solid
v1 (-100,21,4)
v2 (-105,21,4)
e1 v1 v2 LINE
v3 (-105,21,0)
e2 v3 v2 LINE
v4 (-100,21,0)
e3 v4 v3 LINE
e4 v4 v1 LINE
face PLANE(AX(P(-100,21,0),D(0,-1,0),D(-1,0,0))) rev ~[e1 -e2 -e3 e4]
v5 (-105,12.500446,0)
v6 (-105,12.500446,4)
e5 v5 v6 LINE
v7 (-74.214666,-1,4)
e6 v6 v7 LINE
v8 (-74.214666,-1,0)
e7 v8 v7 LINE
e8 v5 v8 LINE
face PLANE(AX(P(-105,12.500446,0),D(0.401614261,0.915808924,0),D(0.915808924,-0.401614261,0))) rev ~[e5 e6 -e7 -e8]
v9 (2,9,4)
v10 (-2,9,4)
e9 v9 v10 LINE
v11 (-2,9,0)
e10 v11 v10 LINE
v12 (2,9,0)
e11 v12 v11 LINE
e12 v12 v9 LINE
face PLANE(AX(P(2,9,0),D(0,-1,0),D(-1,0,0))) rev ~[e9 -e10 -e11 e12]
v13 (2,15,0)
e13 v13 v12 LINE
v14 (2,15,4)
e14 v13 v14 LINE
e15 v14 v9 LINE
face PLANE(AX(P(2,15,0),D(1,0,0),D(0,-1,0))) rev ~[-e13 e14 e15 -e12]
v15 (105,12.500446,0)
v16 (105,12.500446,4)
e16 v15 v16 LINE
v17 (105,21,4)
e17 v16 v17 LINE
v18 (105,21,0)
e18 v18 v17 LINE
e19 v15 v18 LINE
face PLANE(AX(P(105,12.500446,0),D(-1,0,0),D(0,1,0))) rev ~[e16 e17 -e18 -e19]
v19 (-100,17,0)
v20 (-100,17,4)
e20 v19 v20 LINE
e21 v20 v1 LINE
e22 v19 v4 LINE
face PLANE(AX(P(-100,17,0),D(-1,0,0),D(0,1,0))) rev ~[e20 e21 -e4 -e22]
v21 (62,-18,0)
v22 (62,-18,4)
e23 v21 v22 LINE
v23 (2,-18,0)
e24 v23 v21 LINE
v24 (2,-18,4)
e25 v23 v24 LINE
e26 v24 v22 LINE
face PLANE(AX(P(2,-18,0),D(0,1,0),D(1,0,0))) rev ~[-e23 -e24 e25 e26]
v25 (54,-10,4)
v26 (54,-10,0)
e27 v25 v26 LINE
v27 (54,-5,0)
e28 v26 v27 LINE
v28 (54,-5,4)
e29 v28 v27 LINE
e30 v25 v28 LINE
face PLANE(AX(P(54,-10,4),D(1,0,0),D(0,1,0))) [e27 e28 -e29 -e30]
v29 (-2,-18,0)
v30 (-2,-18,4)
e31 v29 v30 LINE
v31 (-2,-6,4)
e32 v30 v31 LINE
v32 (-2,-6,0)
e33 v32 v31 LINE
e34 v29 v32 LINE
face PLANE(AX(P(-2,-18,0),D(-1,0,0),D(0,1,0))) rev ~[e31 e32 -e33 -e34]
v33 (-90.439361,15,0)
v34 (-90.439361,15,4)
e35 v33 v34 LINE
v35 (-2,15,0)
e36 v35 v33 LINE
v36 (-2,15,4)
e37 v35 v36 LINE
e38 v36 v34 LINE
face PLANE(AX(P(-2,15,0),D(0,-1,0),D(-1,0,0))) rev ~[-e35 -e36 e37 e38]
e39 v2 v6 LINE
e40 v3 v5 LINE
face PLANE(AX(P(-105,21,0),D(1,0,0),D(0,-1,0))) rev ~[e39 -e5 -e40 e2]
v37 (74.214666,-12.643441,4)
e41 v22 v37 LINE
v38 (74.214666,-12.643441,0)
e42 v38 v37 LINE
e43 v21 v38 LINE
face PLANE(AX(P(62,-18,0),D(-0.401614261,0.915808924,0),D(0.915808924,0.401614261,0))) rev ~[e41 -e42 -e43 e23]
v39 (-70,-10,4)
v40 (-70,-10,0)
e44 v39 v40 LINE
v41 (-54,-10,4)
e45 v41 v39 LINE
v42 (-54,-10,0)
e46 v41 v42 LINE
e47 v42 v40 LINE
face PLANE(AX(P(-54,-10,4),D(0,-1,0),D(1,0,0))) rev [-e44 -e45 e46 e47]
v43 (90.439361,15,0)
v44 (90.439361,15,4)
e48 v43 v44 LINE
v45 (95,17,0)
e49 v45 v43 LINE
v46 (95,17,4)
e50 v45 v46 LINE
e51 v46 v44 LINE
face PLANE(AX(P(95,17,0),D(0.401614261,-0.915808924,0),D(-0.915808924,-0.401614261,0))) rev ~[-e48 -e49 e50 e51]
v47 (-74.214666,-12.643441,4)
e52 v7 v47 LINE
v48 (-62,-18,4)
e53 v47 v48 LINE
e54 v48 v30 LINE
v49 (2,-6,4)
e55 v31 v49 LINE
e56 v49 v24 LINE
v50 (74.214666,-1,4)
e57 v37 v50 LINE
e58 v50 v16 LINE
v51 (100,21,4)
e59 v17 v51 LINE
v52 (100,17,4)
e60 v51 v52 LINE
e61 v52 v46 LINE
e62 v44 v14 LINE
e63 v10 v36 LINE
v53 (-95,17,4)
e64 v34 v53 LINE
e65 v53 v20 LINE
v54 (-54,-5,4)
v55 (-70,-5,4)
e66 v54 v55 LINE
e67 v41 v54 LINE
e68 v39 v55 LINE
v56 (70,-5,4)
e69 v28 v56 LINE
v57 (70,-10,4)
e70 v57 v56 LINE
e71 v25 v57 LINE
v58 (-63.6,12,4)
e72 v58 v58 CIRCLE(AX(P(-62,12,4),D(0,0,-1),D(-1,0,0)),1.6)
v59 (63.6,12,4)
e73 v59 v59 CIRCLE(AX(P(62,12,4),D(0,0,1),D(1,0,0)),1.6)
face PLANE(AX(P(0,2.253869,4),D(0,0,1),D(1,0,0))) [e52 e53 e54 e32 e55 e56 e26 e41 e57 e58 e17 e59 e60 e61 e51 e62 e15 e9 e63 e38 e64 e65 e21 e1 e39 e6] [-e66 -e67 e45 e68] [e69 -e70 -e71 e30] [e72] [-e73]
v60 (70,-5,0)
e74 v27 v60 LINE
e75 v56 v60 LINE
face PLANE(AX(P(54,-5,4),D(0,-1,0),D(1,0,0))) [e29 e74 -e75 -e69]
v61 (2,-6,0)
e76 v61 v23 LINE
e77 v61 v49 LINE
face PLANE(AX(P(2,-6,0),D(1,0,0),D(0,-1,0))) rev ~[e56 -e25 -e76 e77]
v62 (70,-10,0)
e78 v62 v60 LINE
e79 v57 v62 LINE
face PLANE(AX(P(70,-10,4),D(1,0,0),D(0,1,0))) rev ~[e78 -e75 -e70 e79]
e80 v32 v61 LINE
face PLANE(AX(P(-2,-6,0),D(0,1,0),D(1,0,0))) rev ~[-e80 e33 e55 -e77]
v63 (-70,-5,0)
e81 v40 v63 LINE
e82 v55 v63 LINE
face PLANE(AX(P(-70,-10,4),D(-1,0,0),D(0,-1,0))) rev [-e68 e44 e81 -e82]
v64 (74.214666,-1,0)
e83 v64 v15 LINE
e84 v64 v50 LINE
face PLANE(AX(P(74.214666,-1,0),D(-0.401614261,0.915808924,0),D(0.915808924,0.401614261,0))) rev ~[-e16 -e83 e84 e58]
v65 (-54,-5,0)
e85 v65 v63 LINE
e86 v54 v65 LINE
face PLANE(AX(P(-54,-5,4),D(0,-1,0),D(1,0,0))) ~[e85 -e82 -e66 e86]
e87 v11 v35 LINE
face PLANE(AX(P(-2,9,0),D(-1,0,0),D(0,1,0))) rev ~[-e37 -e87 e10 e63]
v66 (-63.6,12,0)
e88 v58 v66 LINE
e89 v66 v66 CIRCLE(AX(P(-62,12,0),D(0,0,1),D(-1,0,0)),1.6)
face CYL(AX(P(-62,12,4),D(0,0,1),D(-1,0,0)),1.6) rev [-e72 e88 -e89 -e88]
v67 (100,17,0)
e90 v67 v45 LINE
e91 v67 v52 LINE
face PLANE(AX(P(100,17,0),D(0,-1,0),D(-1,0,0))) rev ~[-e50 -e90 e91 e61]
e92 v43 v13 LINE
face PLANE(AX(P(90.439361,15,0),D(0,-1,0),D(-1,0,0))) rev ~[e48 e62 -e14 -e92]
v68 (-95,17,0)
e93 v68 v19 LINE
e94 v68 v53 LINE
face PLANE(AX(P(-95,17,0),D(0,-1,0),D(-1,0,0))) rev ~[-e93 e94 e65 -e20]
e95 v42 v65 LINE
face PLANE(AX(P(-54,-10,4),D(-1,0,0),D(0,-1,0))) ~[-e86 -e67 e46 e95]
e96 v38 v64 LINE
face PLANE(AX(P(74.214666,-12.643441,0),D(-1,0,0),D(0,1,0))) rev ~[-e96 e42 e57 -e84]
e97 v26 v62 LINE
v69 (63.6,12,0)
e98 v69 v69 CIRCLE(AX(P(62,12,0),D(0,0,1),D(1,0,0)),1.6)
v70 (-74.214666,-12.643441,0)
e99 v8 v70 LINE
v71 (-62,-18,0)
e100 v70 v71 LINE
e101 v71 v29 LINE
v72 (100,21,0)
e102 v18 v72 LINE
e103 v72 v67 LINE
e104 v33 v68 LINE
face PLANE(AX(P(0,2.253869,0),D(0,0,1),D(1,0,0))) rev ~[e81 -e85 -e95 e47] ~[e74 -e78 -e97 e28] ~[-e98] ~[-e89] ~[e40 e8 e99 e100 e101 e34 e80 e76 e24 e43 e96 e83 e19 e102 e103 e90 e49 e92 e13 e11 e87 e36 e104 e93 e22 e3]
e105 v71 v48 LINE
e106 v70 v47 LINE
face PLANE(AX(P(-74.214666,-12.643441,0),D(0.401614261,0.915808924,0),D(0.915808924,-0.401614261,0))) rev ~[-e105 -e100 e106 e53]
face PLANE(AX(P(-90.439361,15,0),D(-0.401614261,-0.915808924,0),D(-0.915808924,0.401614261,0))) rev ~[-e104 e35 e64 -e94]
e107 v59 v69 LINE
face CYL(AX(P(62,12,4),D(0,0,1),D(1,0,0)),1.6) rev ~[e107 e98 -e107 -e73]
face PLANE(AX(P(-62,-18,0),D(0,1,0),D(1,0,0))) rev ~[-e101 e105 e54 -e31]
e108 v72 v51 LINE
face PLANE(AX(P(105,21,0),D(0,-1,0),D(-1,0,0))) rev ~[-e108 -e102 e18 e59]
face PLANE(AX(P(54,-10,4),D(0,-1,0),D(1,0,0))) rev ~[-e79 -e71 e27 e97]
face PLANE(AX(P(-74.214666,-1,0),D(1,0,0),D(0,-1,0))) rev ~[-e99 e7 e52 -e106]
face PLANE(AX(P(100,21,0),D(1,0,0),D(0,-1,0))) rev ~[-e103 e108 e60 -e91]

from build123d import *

# Parameters (mm, degrees)
BOSS_EXTRUDE1_DEPTH = 4
SKETCH2_R           = 1.6
SKETCH2_W           = 16
SKETCH2_H           = 5
CUT_EXTRUDE1_DEPTH  = 108.154094649


with BuildPart() as part:
    # Sketch1 → Boss-Extrude1 (new body)
    with BuildSketch(Plane.XY):
        Polygon((-95, 17), (-100, 17), (-100, 21), (-105, 21), (-105, 12.500446192), (-74.214666133, -1), (-74.214666133, -12.643441465), (-62, -18), (-2, -18), (-2, -6), (2, -6), (2, -18), (62, -18), (74.214666133, -12.643441465), (74.214666133, -1), (105, 12.500446192), (105, 21), (100, 21), (100, 17), (95, 17), (90.439360532, 15), (2, 15), (2, 9), (-2, 9), (-2, 15), (-90.439360532, 15), align=None)
    extrude(amount=BOSS_EXTRUDE1_DEPTH)

    # Sketch2 → Cut-Extrude1 (cut, through all)
    with BuildSketch(Plane.XY.offset(4)):
        with Locations((62, 12)):
            Circle(SKETCH2_R)
        with Locations((62, -7.5)):
            Rectangle(SKETCH2_W, SKETCH2_H)
    cut_extrude1 = extrude(amount=-CUT_EXTRUDE1_DEPTH, mode=Mode.SUBTRACT)

    # Mirror1: Cut-Extrude1 across plane
    add(cut_extrude1.mirror(Plane(origin=(0, 0, 0), x_dir=(0, 0, 1), z_dir=(1, 0, 0))), mode=Mode.SUBTRACT)


solid = part.part
